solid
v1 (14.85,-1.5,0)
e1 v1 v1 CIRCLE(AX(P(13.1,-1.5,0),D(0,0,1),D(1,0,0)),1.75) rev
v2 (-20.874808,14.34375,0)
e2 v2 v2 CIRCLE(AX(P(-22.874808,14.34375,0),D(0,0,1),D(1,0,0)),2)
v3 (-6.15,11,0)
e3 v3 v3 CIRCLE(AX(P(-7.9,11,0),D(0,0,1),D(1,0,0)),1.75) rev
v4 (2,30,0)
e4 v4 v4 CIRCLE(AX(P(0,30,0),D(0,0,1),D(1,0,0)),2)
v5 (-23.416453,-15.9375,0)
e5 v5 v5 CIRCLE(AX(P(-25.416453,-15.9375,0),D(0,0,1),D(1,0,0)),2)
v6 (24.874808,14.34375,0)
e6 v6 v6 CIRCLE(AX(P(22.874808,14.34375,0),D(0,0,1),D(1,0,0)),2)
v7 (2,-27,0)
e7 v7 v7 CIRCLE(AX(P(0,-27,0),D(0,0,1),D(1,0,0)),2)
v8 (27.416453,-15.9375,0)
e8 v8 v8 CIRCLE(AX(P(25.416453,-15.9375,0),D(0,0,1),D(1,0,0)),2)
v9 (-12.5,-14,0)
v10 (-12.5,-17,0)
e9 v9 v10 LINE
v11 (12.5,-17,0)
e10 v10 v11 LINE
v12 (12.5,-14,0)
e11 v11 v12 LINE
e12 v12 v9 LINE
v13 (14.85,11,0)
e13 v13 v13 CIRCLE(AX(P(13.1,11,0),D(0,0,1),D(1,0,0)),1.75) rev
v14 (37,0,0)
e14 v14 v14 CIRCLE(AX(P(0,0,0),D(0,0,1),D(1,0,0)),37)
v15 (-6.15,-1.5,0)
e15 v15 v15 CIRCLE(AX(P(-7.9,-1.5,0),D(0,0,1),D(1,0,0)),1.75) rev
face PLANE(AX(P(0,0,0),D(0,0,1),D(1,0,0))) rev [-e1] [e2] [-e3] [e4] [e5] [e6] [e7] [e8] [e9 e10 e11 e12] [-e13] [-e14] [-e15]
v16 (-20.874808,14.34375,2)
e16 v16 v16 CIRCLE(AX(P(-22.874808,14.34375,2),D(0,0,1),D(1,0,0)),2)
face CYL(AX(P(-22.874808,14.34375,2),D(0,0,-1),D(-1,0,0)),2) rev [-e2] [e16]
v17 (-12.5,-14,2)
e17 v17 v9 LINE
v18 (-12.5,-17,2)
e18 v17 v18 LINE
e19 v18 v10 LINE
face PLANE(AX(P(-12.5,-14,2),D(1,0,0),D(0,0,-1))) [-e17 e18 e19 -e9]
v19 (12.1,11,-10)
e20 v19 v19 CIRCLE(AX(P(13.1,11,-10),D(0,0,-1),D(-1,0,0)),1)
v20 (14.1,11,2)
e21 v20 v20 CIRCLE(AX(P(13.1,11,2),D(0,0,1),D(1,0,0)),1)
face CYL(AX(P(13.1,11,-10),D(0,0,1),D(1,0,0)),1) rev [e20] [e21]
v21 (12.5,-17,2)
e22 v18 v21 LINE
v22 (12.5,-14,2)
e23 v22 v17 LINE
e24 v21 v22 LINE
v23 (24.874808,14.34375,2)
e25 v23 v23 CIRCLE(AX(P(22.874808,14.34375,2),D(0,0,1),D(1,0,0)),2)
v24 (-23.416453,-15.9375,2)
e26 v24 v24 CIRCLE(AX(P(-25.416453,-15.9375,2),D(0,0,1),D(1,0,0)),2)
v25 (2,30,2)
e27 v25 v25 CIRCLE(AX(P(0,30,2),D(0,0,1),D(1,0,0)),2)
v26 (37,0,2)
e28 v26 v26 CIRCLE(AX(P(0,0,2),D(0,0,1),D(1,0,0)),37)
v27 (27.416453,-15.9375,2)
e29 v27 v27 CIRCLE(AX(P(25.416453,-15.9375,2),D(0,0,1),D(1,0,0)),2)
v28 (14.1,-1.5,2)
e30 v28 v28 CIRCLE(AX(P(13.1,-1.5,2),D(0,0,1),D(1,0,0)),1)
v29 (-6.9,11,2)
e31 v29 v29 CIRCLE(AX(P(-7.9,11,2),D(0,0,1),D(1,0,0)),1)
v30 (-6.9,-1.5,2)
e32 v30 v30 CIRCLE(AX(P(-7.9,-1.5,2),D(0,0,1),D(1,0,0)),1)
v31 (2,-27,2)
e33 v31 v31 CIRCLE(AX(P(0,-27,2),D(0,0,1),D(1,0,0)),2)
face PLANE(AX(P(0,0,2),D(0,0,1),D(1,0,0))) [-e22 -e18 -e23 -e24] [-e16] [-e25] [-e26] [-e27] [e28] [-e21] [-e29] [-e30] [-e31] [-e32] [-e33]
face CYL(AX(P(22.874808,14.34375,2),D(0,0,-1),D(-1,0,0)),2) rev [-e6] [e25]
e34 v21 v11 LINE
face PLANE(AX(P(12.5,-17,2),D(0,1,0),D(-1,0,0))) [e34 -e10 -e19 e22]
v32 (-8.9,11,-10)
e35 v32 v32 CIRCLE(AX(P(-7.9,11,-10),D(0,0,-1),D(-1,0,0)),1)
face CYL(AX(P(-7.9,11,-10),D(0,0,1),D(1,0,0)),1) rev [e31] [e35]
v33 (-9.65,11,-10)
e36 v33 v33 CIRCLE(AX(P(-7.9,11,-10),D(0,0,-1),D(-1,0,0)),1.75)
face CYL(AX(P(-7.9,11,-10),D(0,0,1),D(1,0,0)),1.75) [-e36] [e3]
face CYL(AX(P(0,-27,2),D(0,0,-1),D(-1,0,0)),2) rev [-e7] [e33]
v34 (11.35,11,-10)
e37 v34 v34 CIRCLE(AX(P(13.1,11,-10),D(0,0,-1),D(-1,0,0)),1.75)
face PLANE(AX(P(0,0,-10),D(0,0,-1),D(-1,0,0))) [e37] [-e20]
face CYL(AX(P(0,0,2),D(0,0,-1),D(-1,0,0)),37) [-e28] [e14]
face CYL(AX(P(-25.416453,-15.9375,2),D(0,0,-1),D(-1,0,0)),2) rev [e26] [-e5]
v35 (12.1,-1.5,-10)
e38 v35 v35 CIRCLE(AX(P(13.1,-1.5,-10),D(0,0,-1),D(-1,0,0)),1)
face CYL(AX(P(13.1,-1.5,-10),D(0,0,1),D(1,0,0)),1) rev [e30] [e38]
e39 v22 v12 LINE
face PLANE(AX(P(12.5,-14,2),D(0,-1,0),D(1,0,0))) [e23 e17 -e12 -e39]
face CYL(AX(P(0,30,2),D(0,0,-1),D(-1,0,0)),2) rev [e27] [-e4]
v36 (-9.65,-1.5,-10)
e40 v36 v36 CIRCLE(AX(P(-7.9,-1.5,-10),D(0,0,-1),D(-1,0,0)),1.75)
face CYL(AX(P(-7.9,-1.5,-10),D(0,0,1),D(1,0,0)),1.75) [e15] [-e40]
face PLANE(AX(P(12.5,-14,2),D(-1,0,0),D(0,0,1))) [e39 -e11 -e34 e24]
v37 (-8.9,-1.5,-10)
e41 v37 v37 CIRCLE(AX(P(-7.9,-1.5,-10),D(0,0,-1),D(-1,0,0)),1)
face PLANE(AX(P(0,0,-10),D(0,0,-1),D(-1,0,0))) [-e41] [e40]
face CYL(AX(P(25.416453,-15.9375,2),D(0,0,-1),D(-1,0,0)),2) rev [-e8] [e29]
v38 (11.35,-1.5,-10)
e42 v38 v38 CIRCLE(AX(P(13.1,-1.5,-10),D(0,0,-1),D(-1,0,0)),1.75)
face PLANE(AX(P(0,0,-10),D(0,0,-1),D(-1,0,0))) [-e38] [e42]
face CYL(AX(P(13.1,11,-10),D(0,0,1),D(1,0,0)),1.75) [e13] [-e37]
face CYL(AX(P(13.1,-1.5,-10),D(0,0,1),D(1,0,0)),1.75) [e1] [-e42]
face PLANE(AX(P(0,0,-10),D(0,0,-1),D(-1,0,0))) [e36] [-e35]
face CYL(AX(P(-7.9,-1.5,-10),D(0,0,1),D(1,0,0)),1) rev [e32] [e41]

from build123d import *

# Parameters (mm, degrees)
ESQUISSE1_R             = 37
ESQUISSE1_R_2           = 2
ESQUISSE1_W             = 25
ESQUISSE1_H             = 3
BOSS_EXTRU_1_DEPTH      = 2
BOSS_EXTRU_2_DEPTH      = 15
ESQUISSE3_W             = 2
ESQUISSE3_H             = 28.4
BOSS_EXTRU_3_DEPTH      = 2.25
ESQUISSE5_W             = 2
ESQUISSE5_H             = 24.4
BOSS_EXTRU_4_DEPTH      = 2.25
ESQUISSE7_W             = 33.1
ESQUISSE7_H             = 28.4
BOSS_EXTRU_5_DEPTH      = 1
ESQUISSE8_W             = 15
ESQUISSE8_H             = 15
ENL_V_MAT_EXTRU_1_DEPTH = 3
ESQUISSE9_W             = 21
ESQUISSE9_H             = 2.5
ENL_V_MAT_EXTRU_2_DEPTH = 3
ESQUISSE11_W            = 33.1
ESQUISSE11_H            = 28.4
ENL_V_MAT_EXTRU_4_DEPTH = 15
SKETCH1_R               = 1.75
SKETCH1_R_2             = 1
BOSS_EXTRUDE1_DEPTH     = 10
CUT_EXTRUDE1_START      = -10
SKETCH1_3_R             = 1
CUT_EXTRUDE1_DEPTH      = 10


with BuildPart() as part:
    # Esquisse1 → Boss.-Extru.1 (new body)
    with BuildSketch(Plane.XY):
        Circle(ESQUISSE1_R)
        with Locations((0, 30)):
            Circle(ESQUISSE1_R_2, mode=Mode.SUBTRACT)
        with Locations((-22.874807889, 14.34375)):
            Circle(ESQUISSE1_R_2, mode=Mode.SUBTRACT)
        with Locations((-25.416453209, -15.9375)):
            Circle(ESQUISSE1_R_2, mode=Mode.SUBTRACT)
        with Locations((0, -27)):
            Circle(ESQUISSE1_R_2, mode=Mode.SUBTRACT)
        with Locations((25.416453209, -15.9375)):
            Circle(ESQUISSE1_R_2, mode=Mode.SUBTRACT)
        with Locations((22.874807889, 14.34375)):
            Circle(ESQUISSE1_R_2, mode=Mode.SUBTRACT)
        with Locations((0, -15.5)):
            Rectangle(ESQUISSE1_W, ESQUISSE1_H, mode=Mode.SUBTRACT)
    extrude(amount=BOSS_EXTRU_1_DEPTH)

    # Esquisse2 → Boss.-Extru.2 (add)
    with BuildSketch(Plane(origin=(0, 0, 0), x_dir=(-1, 0, 0), z_dir=(0, 0, -1))):
        Polygon((-12.55, 14.9), (-16.55, 14.9), (-16.55, -13.5), (16.55, -13.5), (16.55, 14.9), (12.55, 14.9), (12.55, -9.5), (-12.55, -9.5), align=None)
    extrude(amount=BOSS_EXTRU_2_DEPTH)

    # Esquisse3 → Boss.-Extru.3 (add)
    with BuildSketch(Plane(origin=(-12.55, 0, 0), x_dir=(0, 0, -1), z_dir=(1, 0, 0))):
        with Locations((9.625, 0.7)):
            Rectangle(ESQUISSE3_W, ESQUISSE3_H)
        with Locations((6.625, 0.7)):
            Rectangle(ESQUISSE3_W, ESQUISSE3_H)
    extrude(amount=BOSS_EXTRU_3_DEPTH)

    # Esquisse5 → Boss.-Extru.4 (add)
    with BuildSketch(Plane.ZY.offset(-12.55)):
        with Locations((-9.625, 2.7)):
            Rectangle(ESQUISSE5_W, ESQUISSE5_H)
        with Locations((-6.625, 2.7)):
            Rectangle(ESQUISSE5_W, ESQUISSE5_H)
    extrude(amount=BOSS_EXTRU_4_DEPTH)

    # Esquisse7 → Boss.-Extru.5 (add)
    with BuildSketch(Plane(origin=(0, 0, -15), x_dir=(-1, 0, 0), z_dir=(0, 0, -1))):
        with Locations((0, 0.7)):
            Rectangle(ESQUISSE7_W, ESQUISSE7_H)
    extrude(amount=-BOSS_EXTRU_5_DEPTH)

    # Esquisse8 → Enlèv. mat.-Extru.1 (cut)
    with BuildSketch(Plane(origin=(0, 0, -15), x_dir=(-1, 0, 0), z_dir=(0, 0, -1))):
        Rectangle(ESQUISSE8_W, ESQUISSE8_H)
    extrude(amount=-ENL_V_MAT_EXTRU_1_DEPTH, mode=Mode.SUBTRACT)

    # Esquisse9 → Enlèv. mat.-Extru.2 (cut)
    with BuildSketch(Plane.XZ.offset(13.5)):
        with Locations((0, -5.65)):
            Rectangle(ESQUISSE9_W, ESQUISSE9_H)
    extrude(amount=-ENL_V_MAT_EXTRU_2_DEPTH, mode=Mode.SUBTRACT)

    # Esquisse11 → Enlèv. mat.-Extru.4 (cut)
    with BuildSketch(Plane(origin=(0, 0, -15), x_dir=(-1, 0, 0), z_dir=(0, 0, -1))):
        with Locations((0, 0.7)):
            Rectangle(ESQUISSE11_W, ESQUISSE11_H)
    extrude(amount=-ENL_V_MAT_EXTRU_4_DEPTH, mode=Mode.SUBTRACT)

    # Sketch1 → Boss-Extrude1 (add)
    # profile 1 of 4: a face of its own
    with BuildSketch(Plane(origin=(0, 0, 0), x_dir=(-1, 0, 0), z_dir=(0, 0, -1))):
        with Locations((-13.1, 11)):
            Circle(SKETCH1_R)
        with Locations((-13.1, 11)):
            Circle(SKETCH1_R_2, mode=Mode.SUBTRACT)
    # profile 2 of 4: a face of its own
    with BuildSketch(Plane(origin=(0, 0, 0), x_dir=(-1, 0, 0), z_dir=(0, 0, -1))):
        with Locations((-13.1, -1.5)):
            Circle(SKETCH1_R)
        with Locations((-13.1, -1.5)):
            Circle(SKETCH1_R_2, mode=Mode.SUBTRACT)
    # profile 3 of 4: a face of its own
    with BuildSketch(Plane(origin=(0, 0, 0), x_dir=(-1, 0, 0), z_dir=(0, 0, -1))):
        with Locations((7.9, 11)):
            Circle(SKETCH1_R)
        with Locations((7.9, 11)):
            Circle(SKETCH1_R_2, mode=Mode.SUBTRACT)
    # profile 4 of 4: a face of its own
    with BuildSketch(Plane(origin=(0, 0, 0), x_dir=(-1, 0, 0), z_dir=(0, 0, -1))):
        with Locations((7.9, -1.5)):
            Circle(SKETCH1_R)
        with Locations((7.9, -1.5)):
            Circle(SKETCH1_R_2, mode=Mode.SUBTRACT)
    extrude(amount=BOSS_EXTRUDE1_DEPTH)

    # Sketch1<3> → Cut-Extrude1 (cut)
    with BuildSketch(Plane(origin=(0, 0, 0), x_dir=(-1, 0, 0), z_dir=(0, 0, -1)).offset(CUT_EXTRUDE1_START)):
        with Locations((7.9, -1.5)):
            Circle(SKETCH1_3_R)
        with Locations((-13.1, -1.5)):
            Circle(SKETCH1_3_R)
        with Locations((7.9, 11)):
            Circle(SKETCH1_3_R)
        with Locations((-13.1, 11)):
            Circle(SKETCH1_3_R)
    extrude(amount=CUT_EXTRUDE1_DEPTH, mode=Mode.SUBTRACT)


solid = part.part
